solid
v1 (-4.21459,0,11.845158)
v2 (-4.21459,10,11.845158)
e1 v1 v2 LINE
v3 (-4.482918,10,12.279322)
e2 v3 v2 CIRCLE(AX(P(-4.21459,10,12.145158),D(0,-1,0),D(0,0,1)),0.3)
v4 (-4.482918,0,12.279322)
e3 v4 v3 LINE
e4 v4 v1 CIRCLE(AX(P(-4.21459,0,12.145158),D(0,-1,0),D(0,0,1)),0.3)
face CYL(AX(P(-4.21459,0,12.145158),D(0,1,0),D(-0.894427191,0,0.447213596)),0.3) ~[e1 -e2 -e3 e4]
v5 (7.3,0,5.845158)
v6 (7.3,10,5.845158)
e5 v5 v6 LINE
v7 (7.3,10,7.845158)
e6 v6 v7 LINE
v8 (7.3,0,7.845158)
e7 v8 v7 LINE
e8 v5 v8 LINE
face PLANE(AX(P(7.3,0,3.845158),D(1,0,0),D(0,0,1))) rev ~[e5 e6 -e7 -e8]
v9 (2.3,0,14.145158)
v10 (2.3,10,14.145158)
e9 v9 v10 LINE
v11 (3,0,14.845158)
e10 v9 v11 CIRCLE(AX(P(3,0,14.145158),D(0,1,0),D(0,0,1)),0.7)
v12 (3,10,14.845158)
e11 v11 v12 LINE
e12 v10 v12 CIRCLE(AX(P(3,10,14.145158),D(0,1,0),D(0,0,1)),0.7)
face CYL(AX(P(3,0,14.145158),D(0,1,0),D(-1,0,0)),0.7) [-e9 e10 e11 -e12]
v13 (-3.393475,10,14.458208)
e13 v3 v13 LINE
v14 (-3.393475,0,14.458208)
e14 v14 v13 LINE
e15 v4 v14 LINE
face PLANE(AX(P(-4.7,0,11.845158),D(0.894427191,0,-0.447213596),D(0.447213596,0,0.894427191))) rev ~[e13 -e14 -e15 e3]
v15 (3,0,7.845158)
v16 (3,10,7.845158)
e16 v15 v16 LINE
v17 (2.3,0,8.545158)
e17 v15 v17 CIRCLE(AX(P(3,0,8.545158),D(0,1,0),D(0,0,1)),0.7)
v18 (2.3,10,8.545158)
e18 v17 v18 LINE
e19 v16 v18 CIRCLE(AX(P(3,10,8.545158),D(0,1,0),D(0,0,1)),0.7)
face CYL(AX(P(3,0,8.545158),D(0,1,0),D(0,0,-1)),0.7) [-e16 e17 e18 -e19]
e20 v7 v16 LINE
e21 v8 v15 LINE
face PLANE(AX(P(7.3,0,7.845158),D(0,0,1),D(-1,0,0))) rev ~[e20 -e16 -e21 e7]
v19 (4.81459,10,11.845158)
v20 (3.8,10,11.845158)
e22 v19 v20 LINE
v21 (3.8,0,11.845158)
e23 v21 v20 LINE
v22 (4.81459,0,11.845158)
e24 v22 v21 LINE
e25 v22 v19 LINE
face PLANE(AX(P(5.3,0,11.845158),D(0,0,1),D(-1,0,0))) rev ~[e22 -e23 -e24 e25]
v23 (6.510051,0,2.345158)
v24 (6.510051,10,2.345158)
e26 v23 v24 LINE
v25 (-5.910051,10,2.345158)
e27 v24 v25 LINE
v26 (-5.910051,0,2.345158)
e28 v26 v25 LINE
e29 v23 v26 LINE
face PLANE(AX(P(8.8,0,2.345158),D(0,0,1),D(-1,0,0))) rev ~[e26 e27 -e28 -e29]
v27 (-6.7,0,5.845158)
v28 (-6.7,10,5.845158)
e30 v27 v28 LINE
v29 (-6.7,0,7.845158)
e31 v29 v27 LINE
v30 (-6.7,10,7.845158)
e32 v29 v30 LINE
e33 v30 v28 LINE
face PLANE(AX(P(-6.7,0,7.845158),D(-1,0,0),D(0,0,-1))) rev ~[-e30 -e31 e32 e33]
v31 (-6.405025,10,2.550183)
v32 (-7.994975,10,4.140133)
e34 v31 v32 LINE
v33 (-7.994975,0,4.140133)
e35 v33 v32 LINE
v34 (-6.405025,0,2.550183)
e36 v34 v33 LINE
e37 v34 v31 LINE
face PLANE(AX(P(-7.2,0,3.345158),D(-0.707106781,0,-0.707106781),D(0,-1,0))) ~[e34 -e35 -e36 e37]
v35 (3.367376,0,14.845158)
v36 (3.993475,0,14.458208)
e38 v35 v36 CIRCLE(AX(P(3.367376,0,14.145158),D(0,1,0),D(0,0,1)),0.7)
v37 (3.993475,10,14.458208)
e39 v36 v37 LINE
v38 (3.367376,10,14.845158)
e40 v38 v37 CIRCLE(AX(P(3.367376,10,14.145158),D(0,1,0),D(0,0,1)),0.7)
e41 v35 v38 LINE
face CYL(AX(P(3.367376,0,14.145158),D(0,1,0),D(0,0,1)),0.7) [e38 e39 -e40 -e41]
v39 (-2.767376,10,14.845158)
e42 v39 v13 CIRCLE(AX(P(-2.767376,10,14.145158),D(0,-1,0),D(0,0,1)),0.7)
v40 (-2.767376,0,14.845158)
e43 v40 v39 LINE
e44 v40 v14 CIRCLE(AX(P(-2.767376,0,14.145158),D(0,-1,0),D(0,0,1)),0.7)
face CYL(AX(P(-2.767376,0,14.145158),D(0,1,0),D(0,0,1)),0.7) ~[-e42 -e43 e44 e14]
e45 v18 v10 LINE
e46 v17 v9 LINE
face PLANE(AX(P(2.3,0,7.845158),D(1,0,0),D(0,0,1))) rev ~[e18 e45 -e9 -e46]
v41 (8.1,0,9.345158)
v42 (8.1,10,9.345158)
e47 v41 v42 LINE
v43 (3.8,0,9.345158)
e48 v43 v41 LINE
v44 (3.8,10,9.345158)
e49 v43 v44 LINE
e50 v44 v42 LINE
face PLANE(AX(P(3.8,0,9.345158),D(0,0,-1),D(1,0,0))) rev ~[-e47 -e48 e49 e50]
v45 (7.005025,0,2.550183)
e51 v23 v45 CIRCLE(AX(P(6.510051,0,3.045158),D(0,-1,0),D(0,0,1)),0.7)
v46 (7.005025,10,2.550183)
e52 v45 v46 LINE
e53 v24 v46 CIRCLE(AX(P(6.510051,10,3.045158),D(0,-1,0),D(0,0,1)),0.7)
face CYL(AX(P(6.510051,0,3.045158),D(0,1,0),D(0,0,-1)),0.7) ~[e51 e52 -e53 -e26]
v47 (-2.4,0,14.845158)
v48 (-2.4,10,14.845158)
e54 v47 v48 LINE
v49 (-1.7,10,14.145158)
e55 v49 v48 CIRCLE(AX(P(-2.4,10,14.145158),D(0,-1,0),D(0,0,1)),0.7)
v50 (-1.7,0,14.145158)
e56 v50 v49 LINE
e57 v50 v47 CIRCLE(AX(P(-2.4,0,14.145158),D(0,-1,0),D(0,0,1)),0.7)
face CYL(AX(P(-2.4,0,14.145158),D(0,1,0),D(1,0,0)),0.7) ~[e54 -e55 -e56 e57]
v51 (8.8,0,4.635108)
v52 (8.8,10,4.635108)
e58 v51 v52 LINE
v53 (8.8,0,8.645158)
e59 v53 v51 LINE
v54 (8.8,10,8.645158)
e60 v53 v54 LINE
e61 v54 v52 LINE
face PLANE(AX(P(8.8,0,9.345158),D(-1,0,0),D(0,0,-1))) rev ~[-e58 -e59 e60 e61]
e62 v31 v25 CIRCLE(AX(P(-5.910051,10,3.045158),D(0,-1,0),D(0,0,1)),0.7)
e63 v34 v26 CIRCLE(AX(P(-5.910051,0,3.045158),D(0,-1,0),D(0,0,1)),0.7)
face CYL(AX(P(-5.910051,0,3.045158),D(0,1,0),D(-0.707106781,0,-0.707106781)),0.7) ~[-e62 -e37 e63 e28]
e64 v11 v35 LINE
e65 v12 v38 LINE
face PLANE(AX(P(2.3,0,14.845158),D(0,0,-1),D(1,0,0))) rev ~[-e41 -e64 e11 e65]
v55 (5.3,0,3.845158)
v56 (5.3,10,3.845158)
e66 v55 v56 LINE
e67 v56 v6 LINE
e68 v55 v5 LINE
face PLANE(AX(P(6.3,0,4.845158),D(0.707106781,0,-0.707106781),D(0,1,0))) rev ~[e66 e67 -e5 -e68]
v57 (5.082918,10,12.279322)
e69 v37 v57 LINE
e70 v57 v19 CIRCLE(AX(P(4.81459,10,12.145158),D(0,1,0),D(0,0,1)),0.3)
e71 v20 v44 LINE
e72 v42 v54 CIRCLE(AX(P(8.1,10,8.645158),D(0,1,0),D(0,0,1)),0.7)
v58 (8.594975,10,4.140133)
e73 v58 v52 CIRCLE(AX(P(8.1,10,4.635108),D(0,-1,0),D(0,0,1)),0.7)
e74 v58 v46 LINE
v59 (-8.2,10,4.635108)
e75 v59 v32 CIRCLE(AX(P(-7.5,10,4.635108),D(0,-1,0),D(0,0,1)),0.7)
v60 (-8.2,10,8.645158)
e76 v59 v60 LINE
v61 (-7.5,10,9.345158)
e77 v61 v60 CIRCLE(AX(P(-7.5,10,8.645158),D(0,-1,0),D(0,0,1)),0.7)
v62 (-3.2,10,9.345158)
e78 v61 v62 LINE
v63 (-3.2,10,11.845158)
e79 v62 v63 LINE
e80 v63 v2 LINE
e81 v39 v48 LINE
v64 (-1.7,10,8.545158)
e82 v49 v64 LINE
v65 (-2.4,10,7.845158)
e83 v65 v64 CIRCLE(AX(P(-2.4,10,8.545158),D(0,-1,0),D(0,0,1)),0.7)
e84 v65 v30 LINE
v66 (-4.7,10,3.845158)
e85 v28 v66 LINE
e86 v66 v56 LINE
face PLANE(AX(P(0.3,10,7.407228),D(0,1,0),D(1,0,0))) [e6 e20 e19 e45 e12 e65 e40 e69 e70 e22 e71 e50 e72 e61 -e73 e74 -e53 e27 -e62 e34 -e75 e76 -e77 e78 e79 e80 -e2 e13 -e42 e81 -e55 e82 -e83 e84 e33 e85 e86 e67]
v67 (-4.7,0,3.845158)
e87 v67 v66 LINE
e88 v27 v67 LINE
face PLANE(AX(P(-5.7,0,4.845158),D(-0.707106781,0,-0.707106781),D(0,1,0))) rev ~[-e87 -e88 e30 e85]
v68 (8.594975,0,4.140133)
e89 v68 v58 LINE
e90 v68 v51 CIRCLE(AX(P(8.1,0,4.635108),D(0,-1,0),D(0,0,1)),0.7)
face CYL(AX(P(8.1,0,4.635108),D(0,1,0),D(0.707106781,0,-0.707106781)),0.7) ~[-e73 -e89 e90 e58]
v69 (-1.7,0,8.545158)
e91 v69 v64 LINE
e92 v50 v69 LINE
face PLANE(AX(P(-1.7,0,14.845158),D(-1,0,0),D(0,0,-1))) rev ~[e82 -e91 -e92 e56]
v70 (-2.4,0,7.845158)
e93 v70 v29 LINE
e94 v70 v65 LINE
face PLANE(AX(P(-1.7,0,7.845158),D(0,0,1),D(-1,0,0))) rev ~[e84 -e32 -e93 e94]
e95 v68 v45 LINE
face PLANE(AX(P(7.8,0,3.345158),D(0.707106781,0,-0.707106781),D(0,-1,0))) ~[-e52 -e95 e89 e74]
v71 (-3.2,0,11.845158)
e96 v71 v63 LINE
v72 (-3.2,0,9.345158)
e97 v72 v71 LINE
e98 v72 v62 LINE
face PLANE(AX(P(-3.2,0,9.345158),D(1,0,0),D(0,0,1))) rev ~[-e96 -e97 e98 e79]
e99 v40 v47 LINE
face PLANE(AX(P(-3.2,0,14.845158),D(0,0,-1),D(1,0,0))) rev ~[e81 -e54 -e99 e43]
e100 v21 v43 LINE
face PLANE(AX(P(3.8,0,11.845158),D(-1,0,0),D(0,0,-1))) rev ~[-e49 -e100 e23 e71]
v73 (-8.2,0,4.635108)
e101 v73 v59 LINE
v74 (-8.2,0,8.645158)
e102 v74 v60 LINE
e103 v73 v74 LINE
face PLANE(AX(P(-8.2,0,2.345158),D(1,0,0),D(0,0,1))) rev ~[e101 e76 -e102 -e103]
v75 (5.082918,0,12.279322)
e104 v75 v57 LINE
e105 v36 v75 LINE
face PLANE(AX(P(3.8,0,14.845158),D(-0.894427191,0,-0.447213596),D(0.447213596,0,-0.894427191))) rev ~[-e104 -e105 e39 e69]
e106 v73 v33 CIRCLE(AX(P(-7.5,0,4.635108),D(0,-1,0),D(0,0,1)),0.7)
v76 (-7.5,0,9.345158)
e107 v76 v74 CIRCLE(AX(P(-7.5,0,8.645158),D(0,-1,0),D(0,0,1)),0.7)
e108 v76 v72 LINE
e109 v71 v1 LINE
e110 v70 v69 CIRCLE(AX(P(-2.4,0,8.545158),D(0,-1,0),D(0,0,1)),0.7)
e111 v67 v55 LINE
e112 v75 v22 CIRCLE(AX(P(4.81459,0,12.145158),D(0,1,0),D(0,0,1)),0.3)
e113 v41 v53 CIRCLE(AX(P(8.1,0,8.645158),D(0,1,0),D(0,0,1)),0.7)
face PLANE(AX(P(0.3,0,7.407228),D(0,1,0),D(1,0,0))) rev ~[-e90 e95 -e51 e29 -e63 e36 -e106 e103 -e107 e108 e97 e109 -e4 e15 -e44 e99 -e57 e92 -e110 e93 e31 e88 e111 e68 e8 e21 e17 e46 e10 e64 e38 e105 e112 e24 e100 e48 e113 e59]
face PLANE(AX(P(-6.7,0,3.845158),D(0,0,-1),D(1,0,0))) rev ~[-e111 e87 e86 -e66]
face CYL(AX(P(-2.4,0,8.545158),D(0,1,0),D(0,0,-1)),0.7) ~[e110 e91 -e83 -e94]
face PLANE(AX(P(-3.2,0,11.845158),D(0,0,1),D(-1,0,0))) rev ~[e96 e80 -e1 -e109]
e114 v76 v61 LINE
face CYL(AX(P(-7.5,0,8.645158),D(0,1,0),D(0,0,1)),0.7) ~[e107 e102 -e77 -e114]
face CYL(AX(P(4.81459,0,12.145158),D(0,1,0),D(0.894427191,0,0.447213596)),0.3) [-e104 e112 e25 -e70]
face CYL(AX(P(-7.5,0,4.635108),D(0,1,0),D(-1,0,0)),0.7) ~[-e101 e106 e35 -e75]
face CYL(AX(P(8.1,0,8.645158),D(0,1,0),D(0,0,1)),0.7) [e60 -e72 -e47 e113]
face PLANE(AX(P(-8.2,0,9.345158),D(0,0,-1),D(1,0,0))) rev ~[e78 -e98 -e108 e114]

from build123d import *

# Parameters (mm, degrees)
BOSS_EXTRUDE1_DEPTH = 10
CHAMFER1_SIZE       = 2
FILLET1_R           = 0.7
FILLET2_R           = 0.3


with BuildPart() as part:
    # Sketch1 → Boss-Extrude1 (new body)
    with BuildSketch(Plane(origin=(0, 0, 0), x_dir=(1, 0, 0), z_dir=(0, 1, 0))):
        Polygon((-1.7, -14.845158122), (-1.7, -7.845158122), (-6.7, -7.845158122), (-6.7, -3.845158122), (7.3, -3.845158122), (7.3, -7.845158122), (2.3, -7.845158122), (2.3, -14.845158122), (3.8, -14.845158122), (5.3, -11.845158122), (3.8, -11.845158122), (3.8, -9.345158122), (8.8, -9.345158122), (8.8, -2.345158122), (-8.2, -2.345158122), (-8.2, -9.345158122), (-3.2, -9.345158122), (-3.2, -11.845158122), (-4.7, -11.845158122), (-3.2, -14.845158122), align=None)
    extrude(amount=BOSS_EXTRUDE1_DEPTH)

    # Chamfer1
    chamfer1_edges = [part.edges().sort_by_distance(p)[0] for p in [
        (-8.2, 5, 2.345158122),
        (8.8, 5, 2.345158122),
        (7.3, 5, 3.845158122),
        (-6.7, 5, 3.845158122),
    ]]
    chamfer(chamfer1_edges, length=CHAMFER1_SIZE)

    # Fillet1
    fillet1_edges = [part.edges().sort_by_distance(p)[0] for p in [
        (-1.7, 5, 14.845158122),
        (-3.2, 5, 14.845158122),
        (-8.2, 5, 9.345158122),
        (8.8, 5, 9.345158122),
        (3.8, 5, 14.845158122),
        (2.3, 5, 14.845158122),
        (2.3, 5, 7.845158122),
        (-1.7, 5, 7.845158122),
        (-8.2, 5, 4.345158122),
        (6.8, 5, 2.345158122),
        (-6.2, 5, 2.345158122),
        (8.8, 5, 4.345158122),
    ]]
    fillet(fillet1_edges, radius=FILLET1_R)

    # Fillet2
    fillet2_edges = [part.edges().sort_by_distance(p)[0] for p in [
        (-4.7, 5, 11.845158122),
        (5.3, 5, 11.845158122),
    ]]
    fillet(fillet2_edges, radius=FILLET2_R)


solid = part.part
